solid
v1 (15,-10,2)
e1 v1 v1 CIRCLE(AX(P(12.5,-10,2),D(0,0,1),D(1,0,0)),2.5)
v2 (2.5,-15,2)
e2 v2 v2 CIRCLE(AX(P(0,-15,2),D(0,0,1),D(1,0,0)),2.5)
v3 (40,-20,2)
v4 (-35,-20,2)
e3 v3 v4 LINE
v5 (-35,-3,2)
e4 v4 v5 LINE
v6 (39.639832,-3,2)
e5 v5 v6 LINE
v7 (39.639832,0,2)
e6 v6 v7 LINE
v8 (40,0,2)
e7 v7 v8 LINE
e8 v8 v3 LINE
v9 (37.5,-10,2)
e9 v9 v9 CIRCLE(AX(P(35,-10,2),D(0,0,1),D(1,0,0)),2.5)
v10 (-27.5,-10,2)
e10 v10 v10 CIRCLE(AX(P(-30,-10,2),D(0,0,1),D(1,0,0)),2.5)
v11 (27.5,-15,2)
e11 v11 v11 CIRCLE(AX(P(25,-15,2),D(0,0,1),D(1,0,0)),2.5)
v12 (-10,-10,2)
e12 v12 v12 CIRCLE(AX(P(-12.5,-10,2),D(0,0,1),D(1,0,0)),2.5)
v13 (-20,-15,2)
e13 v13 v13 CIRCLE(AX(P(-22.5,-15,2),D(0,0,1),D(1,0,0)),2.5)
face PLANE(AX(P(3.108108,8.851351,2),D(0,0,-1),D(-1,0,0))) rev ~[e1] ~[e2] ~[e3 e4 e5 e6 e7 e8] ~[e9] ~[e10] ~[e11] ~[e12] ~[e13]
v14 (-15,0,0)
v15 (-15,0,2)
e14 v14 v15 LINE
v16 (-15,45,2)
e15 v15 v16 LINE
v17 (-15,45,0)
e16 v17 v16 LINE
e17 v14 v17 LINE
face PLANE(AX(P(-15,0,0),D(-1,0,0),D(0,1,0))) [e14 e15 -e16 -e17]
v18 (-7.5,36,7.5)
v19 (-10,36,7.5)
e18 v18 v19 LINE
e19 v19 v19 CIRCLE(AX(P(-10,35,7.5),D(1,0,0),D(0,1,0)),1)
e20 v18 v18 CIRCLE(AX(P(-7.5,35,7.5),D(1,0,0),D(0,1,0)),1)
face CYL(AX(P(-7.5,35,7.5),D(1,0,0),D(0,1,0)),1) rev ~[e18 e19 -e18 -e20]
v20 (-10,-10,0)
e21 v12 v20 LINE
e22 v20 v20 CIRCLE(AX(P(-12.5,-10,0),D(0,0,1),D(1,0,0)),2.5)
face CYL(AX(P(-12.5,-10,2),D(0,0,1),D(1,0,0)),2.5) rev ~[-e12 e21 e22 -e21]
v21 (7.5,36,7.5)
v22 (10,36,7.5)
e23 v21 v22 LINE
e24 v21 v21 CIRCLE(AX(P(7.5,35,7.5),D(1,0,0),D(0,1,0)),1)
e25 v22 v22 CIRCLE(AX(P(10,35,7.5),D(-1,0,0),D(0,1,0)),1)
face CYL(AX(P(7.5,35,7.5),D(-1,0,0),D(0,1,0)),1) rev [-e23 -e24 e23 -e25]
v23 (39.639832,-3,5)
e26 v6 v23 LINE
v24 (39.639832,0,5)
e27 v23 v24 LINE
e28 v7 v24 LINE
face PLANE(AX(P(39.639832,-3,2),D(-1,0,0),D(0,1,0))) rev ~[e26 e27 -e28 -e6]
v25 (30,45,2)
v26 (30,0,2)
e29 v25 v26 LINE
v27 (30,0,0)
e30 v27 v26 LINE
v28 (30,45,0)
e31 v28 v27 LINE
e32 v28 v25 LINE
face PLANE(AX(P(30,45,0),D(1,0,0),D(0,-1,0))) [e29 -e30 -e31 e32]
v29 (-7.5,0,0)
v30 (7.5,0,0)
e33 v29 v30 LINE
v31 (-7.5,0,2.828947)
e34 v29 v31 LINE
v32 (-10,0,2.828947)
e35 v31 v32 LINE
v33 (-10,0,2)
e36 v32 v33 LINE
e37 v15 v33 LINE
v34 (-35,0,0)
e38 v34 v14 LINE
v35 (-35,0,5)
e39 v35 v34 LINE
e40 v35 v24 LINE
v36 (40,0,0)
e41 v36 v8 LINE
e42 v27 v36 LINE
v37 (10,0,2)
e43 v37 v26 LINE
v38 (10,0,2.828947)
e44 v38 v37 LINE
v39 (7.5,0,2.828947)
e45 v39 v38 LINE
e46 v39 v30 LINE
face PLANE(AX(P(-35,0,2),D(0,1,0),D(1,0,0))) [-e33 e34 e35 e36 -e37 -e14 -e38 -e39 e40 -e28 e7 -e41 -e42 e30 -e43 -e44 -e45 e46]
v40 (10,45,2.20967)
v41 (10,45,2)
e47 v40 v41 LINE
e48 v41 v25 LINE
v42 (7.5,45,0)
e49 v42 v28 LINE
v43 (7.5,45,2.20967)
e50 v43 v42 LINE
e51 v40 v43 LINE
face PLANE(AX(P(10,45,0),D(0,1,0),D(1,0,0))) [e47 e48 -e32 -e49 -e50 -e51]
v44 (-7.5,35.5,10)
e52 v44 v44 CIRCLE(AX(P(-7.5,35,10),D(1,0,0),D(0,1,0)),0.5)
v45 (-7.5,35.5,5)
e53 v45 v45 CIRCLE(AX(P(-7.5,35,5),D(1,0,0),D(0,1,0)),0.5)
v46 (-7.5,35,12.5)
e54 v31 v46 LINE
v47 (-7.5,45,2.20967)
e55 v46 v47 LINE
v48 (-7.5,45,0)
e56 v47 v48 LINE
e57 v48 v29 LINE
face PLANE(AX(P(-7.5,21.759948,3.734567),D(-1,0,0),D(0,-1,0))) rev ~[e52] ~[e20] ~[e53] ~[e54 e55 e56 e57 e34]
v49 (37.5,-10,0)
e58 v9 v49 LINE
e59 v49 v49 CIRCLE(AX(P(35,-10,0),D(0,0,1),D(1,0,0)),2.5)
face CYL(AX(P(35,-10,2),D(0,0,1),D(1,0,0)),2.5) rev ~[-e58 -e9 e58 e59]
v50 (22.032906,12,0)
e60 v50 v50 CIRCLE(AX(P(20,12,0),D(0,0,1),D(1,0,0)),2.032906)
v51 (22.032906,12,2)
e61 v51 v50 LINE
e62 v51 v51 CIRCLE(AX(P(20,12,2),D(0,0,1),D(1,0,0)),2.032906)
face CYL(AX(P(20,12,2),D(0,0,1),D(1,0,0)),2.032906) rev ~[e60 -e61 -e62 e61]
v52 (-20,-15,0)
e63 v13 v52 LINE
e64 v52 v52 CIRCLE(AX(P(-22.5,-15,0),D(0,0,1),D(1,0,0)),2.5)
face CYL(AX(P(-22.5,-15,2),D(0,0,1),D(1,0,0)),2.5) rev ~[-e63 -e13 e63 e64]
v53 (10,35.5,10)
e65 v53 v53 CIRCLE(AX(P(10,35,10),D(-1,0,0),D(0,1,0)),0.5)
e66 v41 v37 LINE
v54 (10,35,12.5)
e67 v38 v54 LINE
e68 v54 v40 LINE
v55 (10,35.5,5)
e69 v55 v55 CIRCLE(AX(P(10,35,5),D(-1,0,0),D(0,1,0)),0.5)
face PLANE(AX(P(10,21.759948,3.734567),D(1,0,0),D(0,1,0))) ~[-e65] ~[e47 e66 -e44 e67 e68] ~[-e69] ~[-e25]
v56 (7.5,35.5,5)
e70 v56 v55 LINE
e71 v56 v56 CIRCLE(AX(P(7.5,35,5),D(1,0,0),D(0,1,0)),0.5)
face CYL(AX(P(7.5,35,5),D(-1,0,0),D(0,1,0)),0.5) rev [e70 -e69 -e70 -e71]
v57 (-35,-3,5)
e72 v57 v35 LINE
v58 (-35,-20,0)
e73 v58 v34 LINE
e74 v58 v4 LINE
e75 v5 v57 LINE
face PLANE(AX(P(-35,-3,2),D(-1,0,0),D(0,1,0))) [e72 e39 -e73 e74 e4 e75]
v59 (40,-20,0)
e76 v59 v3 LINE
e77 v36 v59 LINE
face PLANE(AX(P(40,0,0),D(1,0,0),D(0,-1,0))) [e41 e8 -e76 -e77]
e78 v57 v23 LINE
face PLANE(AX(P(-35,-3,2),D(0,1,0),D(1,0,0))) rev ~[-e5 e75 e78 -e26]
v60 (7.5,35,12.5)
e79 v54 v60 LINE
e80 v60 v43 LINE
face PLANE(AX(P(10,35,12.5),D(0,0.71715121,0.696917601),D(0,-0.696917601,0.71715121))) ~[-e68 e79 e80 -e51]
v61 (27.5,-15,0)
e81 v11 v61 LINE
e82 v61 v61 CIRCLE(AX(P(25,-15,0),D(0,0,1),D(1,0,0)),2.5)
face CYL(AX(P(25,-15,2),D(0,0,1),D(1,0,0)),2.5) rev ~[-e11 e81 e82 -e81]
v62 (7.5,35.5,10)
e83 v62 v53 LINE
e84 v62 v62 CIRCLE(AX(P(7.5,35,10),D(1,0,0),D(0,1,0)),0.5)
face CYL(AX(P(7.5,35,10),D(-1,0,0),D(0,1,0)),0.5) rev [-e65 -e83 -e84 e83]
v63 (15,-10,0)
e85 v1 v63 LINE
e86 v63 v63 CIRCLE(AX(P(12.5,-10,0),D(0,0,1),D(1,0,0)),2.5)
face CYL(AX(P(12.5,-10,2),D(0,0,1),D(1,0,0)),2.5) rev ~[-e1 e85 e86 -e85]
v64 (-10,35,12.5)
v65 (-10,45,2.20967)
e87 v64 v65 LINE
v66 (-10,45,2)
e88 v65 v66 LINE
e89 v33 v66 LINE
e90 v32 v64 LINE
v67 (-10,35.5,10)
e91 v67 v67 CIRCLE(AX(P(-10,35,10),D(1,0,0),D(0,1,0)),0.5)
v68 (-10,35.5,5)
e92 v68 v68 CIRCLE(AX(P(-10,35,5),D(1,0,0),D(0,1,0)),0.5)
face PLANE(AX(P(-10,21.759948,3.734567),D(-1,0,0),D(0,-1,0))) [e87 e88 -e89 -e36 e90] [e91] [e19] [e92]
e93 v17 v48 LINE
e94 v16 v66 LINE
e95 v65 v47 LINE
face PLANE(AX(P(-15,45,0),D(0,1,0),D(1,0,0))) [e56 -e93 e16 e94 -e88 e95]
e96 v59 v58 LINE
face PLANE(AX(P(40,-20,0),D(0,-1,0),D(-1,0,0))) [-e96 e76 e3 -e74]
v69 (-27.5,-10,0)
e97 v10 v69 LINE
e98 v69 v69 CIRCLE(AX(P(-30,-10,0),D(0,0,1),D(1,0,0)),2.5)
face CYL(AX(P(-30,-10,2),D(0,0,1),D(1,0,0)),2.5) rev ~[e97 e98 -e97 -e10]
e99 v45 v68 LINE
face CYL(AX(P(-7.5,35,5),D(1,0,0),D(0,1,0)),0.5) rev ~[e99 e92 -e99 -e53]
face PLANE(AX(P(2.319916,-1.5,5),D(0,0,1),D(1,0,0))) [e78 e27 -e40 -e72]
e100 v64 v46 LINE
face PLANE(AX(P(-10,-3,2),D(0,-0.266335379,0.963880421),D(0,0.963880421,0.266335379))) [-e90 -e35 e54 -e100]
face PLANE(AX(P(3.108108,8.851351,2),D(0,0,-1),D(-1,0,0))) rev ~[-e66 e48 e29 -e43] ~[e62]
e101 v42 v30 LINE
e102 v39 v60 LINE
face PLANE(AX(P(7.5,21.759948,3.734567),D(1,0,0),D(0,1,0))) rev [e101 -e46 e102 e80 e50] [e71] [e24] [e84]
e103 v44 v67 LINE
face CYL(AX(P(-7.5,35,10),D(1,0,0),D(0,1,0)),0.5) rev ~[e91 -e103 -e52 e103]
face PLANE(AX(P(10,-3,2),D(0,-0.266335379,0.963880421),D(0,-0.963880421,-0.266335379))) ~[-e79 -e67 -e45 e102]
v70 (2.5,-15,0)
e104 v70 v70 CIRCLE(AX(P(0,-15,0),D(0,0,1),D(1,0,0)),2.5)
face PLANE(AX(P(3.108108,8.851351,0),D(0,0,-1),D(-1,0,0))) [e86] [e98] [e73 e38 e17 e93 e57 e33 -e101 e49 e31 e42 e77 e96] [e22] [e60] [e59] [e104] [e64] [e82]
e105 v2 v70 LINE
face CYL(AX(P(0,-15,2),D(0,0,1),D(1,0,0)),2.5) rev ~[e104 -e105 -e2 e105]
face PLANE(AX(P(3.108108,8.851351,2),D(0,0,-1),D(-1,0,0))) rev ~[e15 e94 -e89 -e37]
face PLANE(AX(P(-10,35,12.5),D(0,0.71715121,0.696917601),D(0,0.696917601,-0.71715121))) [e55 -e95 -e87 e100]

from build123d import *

# Parameters (mm, degrees)
PAD_DEPTH       = 2
PAD001_DEPTH    = 2.5
SKETCH002_R     = 1
SKETCH002_R_2   = 0.5
POCKET_DEPTH    = 5
SKETCH003_R     = 2.5
POCKET001_DEPTH = 2
SKETCH004_W     = 74.639832
SKETCH004_H     = 3
PAD002_DEPTH    = 3
SKETCH005_R     = 2.032906
POCKET002_DEPTH = 2


with BuildPart() as part:
    # Sketch → Pad (new body)
    with BuildSketch(Plane.XY):
        Polygon((-35, 0), (-15, 0), (-15, 45), (-10, 45), (-10, 0), (10, 0), (10, 45), (30, 45), (30, 0), (40, 0), (40, -20), (-35, -20), align=None)
    extrude(amount=PAD_DEPTH)

    # Sketch001 (on Face4 of Pad) → Pad001 (join)
    with BuildSketch(Plane.YZ.offset(-10)):
        Polygon((-3, 0), (-3, 2), (35, 12.5), (45, 2.20967), (45, 0), align=None)
    pad001 = extrude(amount=PAD001_DEPTH)

    # Sketch002 (on Face16 of Pad001) → Pocket (cut)
    with BuildSketch(Plane.YZ.offset(-7.5)):
        with Locations((35, 7.5)):
            Circle(SKETCH002_R)
        with Locations((35, 10)):
            Circle(SKETCH002_R_2)
        with Locations((35, 5)):
            Circle(SKETCH002_R_2)
    pocket = extrude(amount=-POCKET_DEPTH, mode=Mode.SUBTRACT)

    # Mirrored: Pad001, Pocket across YZ
    add(pad001.mirror(Plane.YZ))
    add(pocket.mirror(Plane.YZ), mode=Mode.SUBTRACT)

    # Sketch003 (on Face5 of Mirrored) → Pocket001 (cut)
    with BuildSketch(Plane.XY.offset(2)):
        with Locations((-30, -10)):
            Circle(SKETCH003_R)
        with Locations((-22.5, -15)):
            Circle(SKETCH003_R)
        with Locations((-12.5, -10)):
            Circle(SKETCH003_R)
        with Locations((35, -10)):
            Circle(SKETCH003_R)
        with Locations((25, -15)):
            Circle(SKETCH003_R)
        with Locations((12.5, -10)):
            Circle(SKETCH003_R)
        with Locations((0, -15)):
            Circle(SKETCH003_R)
    extrude(amount=-POCKET001_DEPTH, mode=Mode.SUBTRACT)

    # Sketch004 (on Face5 of Pocket001) → Pad002 (join)
    with BuildSketch(Plane.XY.offset(2)):
        with Locations((2.319916, -1.5)):
            Rectangle(SKETCH004_W, SKETCH004_H)
    extrude(amount=PAD002_DEPTH)

    # Sketch005 (on Face33 of Pad002) → Pocket002 (cut)
    with BuildSketch(Plane.XY.offset(2)):
        with Locations((20, 12)):
            Circle(SKETCH005_R)
    extrude(amount=-POCKET002_DEPTH, mode=Mode.SUBTRACT)


solid = part.part
